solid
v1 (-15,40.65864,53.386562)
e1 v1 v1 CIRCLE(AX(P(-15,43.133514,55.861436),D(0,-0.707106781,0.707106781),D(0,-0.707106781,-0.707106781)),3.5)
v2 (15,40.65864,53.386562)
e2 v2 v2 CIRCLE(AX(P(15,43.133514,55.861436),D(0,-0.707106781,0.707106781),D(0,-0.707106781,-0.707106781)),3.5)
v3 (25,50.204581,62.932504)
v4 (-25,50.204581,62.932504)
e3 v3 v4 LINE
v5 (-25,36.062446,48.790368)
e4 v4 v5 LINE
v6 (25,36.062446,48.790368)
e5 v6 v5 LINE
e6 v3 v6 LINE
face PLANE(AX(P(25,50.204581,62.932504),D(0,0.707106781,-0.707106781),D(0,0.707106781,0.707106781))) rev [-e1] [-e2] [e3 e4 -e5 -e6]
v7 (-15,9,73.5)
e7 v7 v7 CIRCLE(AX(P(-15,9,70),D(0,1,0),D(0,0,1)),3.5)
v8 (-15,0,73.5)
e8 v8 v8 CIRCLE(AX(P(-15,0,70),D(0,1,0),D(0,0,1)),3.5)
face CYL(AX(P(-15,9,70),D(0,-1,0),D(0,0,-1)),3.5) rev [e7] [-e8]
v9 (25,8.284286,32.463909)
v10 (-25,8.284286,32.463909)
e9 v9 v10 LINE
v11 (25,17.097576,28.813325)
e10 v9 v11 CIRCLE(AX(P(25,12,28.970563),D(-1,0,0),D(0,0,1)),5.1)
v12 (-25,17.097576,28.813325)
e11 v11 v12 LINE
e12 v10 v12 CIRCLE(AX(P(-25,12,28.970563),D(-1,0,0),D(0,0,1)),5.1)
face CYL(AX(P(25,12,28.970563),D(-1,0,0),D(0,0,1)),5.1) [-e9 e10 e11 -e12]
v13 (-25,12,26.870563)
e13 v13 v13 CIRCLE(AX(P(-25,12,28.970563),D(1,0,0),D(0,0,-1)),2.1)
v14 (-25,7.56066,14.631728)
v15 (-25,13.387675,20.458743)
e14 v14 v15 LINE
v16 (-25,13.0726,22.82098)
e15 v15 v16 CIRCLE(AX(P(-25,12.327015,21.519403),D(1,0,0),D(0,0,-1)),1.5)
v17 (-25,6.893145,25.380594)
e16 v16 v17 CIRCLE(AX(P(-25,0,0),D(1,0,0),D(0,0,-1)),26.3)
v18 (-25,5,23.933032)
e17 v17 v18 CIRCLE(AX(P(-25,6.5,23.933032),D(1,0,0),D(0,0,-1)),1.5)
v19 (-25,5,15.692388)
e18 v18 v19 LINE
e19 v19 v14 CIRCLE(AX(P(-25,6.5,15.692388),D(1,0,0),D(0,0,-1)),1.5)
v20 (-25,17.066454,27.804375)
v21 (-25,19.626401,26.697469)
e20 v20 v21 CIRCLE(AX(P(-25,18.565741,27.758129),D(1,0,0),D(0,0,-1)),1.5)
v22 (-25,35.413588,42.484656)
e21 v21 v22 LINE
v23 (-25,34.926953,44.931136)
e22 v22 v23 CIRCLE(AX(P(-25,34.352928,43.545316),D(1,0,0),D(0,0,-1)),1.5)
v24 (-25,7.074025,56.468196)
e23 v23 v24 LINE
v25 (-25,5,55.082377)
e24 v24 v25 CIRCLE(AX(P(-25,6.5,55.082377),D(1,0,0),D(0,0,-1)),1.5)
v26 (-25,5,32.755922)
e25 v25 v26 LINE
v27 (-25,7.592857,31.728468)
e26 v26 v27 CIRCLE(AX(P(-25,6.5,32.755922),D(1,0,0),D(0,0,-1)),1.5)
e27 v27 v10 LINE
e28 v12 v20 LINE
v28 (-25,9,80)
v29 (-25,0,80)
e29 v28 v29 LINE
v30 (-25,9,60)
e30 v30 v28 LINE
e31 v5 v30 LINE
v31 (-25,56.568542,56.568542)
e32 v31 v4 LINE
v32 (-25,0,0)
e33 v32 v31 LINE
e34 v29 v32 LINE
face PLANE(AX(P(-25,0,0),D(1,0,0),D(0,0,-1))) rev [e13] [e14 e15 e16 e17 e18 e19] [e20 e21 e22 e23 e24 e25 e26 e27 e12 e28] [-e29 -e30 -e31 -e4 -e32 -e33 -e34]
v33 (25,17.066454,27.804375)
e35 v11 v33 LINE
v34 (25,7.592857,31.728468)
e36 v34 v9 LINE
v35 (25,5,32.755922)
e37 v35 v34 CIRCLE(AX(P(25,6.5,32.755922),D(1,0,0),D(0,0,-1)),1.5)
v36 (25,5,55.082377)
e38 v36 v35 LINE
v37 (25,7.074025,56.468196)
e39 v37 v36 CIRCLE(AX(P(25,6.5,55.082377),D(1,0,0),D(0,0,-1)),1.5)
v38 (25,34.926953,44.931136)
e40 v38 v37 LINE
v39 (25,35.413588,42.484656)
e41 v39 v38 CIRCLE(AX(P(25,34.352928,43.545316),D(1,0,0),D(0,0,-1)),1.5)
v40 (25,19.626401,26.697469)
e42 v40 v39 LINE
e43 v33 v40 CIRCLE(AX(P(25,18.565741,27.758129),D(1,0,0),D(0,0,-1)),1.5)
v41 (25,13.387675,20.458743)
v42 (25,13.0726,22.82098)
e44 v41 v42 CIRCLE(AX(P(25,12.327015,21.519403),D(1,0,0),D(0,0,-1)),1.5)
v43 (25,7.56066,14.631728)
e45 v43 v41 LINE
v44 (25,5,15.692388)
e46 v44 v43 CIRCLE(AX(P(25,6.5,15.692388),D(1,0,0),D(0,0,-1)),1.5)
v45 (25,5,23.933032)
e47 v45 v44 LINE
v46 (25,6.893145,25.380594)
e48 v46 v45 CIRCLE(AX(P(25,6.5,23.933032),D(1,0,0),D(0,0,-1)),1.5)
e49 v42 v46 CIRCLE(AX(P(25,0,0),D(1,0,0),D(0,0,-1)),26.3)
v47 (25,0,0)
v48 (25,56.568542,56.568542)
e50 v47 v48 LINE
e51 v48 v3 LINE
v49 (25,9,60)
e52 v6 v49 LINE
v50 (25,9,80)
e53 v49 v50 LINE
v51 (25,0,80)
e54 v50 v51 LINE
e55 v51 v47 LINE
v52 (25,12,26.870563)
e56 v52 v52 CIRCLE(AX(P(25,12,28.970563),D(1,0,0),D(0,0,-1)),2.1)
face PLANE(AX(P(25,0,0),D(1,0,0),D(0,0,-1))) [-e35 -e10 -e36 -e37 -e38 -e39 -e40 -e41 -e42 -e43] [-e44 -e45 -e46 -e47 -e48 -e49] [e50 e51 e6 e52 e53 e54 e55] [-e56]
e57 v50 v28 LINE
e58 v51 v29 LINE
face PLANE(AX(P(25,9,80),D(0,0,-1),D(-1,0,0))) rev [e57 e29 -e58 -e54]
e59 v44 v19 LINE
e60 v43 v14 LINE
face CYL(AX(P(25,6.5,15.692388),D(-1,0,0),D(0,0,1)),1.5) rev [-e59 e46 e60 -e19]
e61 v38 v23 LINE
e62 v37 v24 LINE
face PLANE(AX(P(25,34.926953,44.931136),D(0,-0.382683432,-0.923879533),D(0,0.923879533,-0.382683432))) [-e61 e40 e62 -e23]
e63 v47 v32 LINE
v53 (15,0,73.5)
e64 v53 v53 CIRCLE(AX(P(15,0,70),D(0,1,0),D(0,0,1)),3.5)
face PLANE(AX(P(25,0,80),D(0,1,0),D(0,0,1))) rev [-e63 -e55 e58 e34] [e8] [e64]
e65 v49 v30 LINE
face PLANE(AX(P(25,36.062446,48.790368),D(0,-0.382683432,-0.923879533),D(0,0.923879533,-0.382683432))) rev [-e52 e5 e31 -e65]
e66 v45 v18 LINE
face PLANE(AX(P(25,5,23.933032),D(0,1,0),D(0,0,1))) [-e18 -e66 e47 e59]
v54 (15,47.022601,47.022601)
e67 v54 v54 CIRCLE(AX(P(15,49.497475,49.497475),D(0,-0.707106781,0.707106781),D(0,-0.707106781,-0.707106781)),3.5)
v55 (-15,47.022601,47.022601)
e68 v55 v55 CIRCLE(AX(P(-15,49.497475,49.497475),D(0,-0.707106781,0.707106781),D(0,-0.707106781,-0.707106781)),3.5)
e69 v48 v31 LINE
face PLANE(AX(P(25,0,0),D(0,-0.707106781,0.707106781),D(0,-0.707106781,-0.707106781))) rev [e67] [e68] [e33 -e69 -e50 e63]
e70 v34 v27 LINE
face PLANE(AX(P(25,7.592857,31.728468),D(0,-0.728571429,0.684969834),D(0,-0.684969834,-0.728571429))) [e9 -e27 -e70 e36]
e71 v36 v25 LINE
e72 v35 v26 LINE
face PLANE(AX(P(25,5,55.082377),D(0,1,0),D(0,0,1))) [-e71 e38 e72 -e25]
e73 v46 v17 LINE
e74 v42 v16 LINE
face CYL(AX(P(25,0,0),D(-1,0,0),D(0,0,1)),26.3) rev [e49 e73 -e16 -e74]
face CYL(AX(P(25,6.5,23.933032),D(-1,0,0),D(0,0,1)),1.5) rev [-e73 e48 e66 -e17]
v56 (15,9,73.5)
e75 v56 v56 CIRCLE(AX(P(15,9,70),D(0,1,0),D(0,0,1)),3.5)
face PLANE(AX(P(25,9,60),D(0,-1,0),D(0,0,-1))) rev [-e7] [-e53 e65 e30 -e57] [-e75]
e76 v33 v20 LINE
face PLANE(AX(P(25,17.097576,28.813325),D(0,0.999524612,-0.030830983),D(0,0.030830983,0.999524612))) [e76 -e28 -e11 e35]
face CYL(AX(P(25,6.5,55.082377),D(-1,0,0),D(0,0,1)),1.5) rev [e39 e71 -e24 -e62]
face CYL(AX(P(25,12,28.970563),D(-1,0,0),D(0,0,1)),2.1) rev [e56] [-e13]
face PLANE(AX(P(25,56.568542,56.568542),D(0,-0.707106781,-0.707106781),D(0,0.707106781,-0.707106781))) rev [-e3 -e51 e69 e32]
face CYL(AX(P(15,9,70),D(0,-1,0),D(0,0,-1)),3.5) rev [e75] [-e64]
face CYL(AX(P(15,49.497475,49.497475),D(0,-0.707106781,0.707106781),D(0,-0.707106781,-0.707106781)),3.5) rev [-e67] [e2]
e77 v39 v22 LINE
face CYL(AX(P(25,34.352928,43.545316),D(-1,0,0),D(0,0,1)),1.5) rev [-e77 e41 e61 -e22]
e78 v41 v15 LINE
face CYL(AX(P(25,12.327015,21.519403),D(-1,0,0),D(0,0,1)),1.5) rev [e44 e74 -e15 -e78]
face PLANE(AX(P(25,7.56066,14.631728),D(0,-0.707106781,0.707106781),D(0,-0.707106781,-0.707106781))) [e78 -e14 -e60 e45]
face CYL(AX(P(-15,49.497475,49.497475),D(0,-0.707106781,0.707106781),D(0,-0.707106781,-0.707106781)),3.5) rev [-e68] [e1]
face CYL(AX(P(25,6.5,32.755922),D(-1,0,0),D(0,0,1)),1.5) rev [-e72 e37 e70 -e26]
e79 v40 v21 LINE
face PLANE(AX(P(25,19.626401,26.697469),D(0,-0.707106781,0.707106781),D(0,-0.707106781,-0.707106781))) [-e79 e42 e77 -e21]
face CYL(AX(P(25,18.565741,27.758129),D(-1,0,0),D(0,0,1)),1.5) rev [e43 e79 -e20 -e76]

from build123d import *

# Parameters (mm, degrees)
BOSS_EXTRUDE1_DEPTH      = 25
BOSS_EXTRUDE1_DEPTH_BACK = 25
SKETCH1_R                = 2.1
SKETCH2_R                = 3.5
CUT_EXTRUDE1_DEPTH       = 9
SKETCH3_R                = 3.5
CUT_EXTRUDE2_DEPTH       = 9
SKETCH4_R                = 3.5
CUT_EXTRUDE3_DEPTH       = 9
SKETCH5_R                = 3.5
CUT_EXTRUDE4_DEPTH       = 9


with BuildPart() as part:
    # Sketch1 → Boss-Extrude1 (new, two sides: drawn at the far end of the back side and taken through both)
    with BuildSketch(Plane(origin=(0, 0, 0), x_dir=(0, 0, -1), z_dir=(1, 0, 0)).offset(-BOSS_EXTRUDE1_DEPTH_BACK)):
        Polygon((-80, 0), (0, 0), (-56.568542495, 56.568542495), (-62.932503526, 50.204581464), (-48.790367902, 36.062445841), (-60, 9), (-80, 9), align=None)
        with Locations((-28.970562748, 12)):
            Circle(SKETCH1_R, mode=Mode.SUBTRACT)
        with BuildLine():
            Line((-23.933031567, 5), (-15.692388155, 5))
            ThreePointArc((-15.692388155, 5), (-14.306568857, 5.925974851), (-14.631727984, 7.560660172))
            Line((-14.631727984, 7.560660172), (-20.458742822, 13.38767501))
            ThreePointArc((-20.458742822, 13.38767501), (-21.717716442, 13.813847638), (-22.820979835, 13.072600329))
            ThreePointArc((-22.820979835, 13.072600329), (-24.298031724, 10.064574227), (-25.38059396, 6.893145161))
            ThreePointArc((-25.38059396, 6.893145161), (-25.124609878, 5.588879191), (-23.933031567, 5))
        make_face(mode=Mode.SUBTRACT)
        with BuildLine():
            Line((-55.082376804, 5), (-32.755922357, 5))
            ThreePointArc((-32.755922357, 5), (-31.361417837, 5.947408702), (-31.728467606, 7.592857143))
            Line((-31.728467606, 7.592857143), (-32.463908902, 8.284285714))
            ThreePointArc((-32.463908902, 8.284285714), (-33.682348364, 13.951685505), (-28.813324734, 17.097575522))
            Line((-28.813324734, 17.097575522), (-27.804375375, 17.066453827))
            ThreePointArc((-27.804375375, 17.066453827), (-26.381324244, 17.970418197), (-26.697468729, 19.626400917))
            Line((-26.697468729, 19.626400917), (-42.484656068, 35.413588256))
            ThreePointArc((-42.484656068, 35.413588256), (-43.837951723, 35.824106005), (-44.931135539, 34.926953233))
            Line((-44.931135539, 34.926953233), (-56.468196103, 7.074025149))
            ThreePointArc((-56.468196103, 7.074025149), (-56.329581223, 5.66664465), (-55.082376804, 5))
        make_face(mode=Mode.SUBTRACT)
    extrude(amount=BOSS_EXTRUDE1_DEPTH + BOSS_EXTRUDE1_DEPTH_BACK)

    # Sketch2 → Cut-Extrude1 (cut)
    with BuildSketch(Plane(origin=(0, -6.363961031, 6.363961031), x_dir=(1, 0, 0), z_dir=(0, -0.7071067811865467, 0.7071067811865485))):
        with Locations((-15, 70)):
            Circle(SKETCH2_R)
    extrude(amount=-CUT_EXTRUDE1_DEPTH, mode=Mode.SUBTRACT)

    # Sketch3 → Cut-Extrude2 (cut)
    with BuildSketch(Plane(origin=(0, -6.363961031, 6.363961031), x_dir=(1, 0, 0), z_dir=(0, -0.7071067811865467, 0.7071067811865485))):
        with Locations((15, 70)):
            Circle(SKETCH3_R)
    extrude(amount=-CUT_EXTRUDE2_DEPTH, mode=Mode.SUBTRACT)

    # Sketch4 → Cut-Extrude3 (cut)
    with BuildSketch(Plane(origin=(0, 0, 0), x_dir=(1, 0, 0), z_dir=(0, 1, 0))):
        with Locations((-15, -70)):
            Circle(SKETCH4_R)
    extrude(amount=CUT_EXTRUDE3_DEPTH, mode=Mode.SUBTRACT)

    # Sketch5 → Cut-Extrude4 (cut)
    with BuildSketch(Plane(origin=(0, 0, 0), x_dir=(1, 0, 0), z_dir=(0, 1, 0))):
        with Locations((15, -70)):
            Circle(SKETCH5_R)
    extrude(amount=CUT_EXTRUDE4_DEPTH, mode=Mode.SUBTRACT)


solid = part.part
